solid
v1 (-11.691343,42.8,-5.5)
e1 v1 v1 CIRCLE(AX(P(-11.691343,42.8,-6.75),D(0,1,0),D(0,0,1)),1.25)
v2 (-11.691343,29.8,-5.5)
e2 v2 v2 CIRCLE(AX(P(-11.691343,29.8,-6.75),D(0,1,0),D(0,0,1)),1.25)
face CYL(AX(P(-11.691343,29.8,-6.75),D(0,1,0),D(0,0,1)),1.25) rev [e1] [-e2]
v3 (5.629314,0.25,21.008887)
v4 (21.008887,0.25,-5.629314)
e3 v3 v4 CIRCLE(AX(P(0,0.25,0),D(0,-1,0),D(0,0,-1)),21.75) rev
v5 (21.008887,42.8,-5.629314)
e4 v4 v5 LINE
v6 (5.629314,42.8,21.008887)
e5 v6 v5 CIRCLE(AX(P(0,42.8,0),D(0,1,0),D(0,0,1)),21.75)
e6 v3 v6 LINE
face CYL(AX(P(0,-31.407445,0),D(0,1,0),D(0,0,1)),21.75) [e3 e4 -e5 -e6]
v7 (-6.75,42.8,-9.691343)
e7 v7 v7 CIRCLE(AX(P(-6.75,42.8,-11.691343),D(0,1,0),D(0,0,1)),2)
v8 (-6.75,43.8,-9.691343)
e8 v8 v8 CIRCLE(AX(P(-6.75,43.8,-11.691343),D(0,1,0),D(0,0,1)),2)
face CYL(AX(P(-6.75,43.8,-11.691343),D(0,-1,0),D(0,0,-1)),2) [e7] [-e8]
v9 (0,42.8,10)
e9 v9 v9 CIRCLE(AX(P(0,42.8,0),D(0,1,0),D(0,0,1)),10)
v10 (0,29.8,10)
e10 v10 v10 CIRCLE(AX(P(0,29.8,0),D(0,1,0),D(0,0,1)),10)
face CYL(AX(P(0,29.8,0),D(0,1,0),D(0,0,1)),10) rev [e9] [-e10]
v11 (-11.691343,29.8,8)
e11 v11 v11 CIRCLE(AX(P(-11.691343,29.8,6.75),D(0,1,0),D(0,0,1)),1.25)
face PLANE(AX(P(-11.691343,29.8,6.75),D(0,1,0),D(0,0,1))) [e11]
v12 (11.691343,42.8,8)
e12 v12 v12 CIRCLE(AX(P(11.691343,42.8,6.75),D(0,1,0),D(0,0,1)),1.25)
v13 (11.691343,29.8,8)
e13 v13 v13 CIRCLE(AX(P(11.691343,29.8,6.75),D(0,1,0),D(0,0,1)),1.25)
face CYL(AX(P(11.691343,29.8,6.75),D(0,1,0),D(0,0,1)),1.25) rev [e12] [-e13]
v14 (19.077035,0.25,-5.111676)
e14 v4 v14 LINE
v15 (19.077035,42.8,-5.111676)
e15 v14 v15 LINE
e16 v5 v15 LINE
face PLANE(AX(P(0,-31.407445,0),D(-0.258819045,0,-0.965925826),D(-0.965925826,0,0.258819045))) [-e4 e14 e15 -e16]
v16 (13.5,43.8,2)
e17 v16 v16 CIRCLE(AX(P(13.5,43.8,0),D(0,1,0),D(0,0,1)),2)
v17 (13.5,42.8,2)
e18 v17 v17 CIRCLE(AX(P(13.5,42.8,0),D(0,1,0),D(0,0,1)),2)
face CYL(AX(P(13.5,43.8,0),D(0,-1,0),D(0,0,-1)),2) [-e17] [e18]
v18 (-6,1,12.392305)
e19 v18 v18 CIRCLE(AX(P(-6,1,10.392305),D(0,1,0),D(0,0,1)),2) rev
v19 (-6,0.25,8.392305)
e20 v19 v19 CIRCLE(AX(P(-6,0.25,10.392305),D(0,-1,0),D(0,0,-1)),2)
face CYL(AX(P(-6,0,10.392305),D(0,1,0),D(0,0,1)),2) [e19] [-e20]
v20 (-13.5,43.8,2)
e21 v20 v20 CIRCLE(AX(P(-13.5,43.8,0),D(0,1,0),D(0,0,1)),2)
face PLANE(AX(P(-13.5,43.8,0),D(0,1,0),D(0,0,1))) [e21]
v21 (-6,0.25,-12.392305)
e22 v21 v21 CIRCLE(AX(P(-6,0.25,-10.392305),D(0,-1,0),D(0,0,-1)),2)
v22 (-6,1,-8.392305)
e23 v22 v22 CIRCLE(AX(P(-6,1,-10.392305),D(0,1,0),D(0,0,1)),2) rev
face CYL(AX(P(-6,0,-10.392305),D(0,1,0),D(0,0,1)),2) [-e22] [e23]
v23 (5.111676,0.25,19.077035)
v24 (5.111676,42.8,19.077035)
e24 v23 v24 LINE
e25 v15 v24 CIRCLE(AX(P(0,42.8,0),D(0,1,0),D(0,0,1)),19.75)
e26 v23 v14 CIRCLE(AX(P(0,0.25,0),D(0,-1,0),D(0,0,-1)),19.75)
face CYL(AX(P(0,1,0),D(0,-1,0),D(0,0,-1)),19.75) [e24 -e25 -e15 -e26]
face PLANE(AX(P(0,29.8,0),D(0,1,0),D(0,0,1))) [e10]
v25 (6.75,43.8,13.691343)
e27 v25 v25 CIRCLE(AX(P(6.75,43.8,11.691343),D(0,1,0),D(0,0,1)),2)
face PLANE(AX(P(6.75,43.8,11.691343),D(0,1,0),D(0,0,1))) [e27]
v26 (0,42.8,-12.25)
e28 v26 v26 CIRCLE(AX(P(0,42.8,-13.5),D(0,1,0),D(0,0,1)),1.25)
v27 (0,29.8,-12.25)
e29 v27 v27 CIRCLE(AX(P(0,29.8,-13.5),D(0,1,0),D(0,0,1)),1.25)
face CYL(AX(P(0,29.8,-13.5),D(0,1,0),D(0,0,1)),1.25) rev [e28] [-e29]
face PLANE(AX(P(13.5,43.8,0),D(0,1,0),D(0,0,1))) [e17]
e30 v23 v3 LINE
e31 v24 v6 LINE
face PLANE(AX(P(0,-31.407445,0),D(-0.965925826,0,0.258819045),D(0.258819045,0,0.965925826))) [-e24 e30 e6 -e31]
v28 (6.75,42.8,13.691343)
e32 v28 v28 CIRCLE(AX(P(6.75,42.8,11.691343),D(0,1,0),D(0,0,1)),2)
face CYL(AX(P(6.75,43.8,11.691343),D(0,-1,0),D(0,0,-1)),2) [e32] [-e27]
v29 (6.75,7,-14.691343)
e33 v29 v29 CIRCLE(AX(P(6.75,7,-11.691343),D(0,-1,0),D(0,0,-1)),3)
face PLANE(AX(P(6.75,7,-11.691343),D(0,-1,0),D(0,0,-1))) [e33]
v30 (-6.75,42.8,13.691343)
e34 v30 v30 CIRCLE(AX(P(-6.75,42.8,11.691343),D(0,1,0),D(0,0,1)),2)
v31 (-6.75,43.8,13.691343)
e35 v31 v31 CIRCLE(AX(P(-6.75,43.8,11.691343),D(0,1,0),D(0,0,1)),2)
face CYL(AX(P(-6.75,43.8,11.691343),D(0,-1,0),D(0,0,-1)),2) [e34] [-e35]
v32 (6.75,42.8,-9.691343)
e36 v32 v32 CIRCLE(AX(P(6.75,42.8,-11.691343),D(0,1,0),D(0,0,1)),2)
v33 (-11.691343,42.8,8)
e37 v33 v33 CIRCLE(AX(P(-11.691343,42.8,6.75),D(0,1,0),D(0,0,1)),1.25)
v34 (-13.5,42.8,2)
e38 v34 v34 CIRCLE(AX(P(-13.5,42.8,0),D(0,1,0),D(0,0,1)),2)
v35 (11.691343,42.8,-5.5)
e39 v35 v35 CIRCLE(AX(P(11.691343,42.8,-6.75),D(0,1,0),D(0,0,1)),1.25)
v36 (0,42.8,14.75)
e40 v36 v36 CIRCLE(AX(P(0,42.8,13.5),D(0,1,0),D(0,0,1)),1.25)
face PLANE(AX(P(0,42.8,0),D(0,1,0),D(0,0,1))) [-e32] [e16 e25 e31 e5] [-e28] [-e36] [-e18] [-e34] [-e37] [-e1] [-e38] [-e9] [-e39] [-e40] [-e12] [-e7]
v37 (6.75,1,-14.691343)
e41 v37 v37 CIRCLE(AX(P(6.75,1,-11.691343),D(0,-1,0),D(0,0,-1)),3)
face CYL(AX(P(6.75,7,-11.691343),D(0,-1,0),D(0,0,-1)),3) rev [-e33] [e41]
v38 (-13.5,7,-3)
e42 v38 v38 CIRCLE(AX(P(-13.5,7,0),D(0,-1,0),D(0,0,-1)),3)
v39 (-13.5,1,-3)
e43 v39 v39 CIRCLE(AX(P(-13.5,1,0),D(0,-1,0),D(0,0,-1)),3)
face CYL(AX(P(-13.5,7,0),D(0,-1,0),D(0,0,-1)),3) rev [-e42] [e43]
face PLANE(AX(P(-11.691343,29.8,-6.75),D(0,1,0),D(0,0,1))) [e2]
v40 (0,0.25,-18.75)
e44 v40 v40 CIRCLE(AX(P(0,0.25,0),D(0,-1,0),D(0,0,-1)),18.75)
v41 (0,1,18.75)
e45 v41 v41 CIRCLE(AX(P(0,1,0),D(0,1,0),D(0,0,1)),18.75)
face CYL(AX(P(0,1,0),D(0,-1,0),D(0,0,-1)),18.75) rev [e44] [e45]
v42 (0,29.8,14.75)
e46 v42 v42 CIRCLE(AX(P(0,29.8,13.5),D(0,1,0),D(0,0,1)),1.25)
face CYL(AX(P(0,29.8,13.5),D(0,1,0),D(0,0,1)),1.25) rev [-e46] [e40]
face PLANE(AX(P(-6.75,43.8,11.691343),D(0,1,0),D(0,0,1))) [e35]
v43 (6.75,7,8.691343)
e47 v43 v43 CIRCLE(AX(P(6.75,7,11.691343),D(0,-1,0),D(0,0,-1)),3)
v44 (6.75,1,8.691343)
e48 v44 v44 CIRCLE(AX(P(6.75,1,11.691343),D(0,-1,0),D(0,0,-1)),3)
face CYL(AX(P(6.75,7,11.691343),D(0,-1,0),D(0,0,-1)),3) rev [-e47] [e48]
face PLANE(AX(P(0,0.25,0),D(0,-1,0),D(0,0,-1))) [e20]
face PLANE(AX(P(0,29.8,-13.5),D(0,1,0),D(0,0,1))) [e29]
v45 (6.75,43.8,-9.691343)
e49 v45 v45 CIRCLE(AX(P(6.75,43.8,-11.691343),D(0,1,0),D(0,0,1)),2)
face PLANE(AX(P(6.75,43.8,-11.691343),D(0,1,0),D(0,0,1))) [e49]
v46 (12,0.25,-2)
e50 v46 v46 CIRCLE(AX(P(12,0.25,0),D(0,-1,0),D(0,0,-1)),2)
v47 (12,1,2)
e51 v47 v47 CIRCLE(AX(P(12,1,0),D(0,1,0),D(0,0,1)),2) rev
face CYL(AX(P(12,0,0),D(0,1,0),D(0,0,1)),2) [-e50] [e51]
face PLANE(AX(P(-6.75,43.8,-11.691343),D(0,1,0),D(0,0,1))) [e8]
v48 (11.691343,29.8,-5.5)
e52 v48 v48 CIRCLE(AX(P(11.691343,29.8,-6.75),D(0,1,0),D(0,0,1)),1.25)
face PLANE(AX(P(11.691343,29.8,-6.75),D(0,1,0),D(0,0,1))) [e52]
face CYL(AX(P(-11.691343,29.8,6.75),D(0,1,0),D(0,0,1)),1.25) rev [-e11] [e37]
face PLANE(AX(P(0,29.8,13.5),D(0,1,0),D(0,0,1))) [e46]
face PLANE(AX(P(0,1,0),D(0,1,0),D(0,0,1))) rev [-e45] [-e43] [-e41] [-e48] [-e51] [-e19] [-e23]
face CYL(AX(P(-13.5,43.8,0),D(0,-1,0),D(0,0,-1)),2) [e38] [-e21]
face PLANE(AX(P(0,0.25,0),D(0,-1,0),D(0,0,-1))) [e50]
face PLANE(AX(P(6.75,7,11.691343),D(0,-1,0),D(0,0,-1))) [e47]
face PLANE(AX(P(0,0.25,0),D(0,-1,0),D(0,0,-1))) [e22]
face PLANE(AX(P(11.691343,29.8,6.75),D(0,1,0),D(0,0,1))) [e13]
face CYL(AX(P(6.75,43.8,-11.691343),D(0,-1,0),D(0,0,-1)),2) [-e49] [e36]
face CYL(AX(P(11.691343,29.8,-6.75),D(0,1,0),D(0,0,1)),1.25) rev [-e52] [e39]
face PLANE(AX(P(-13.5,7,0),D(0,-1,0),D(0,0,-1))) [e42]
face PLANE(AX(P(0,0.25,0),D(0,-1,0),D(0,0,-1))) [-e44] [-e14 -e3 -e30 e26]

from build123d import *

# Parameters (mm, degrees)
SKETCH_1_R          = 19.75
SKETCH_1_R_2        = 18.75
EXTRUDE_1_DEPTH     = 1
SKETCH_2_R          = 19.75
EXTRUDE_2_DEPTH     = 41.8
SKETCH_3_R          = 10
SKETCH_3_R_2        = 1.25
CUT_EXTRUDE_1_DEPTH = 13
SKETCH_4_R          = 2
EXTRUDE_3_DEPTH     = 1
SKETCH_5_R          = 2
EXTRUDE_4_DEPTH     = 1
SKETCH_6_R          = 3
CUT_EXTRUDE_2_DEPTH = 6
EXTRUDE_START       = -42.8
EXTRUDE_5_DEPTH     = 42.8
SKETCH_9_R          = 25
CUT_EXTRUDE_4_DEPTH = 0.25


with BuildPart() as part:
    # 草图1 → 凸台-拉伸1 (new body)
    with BuildSketch(Plane(origin=(0, 0, 0), x_dir=(1, 0, 0), z_dir=(0, 1, 0))):
        with Locations(Location((0, 0, 0), (0, 0, 270))):
            Circle(SKETCH_1_R)
        with Locations(Location((0, 0, 0), (0, 0, 270))):
            Circle(SKETCH_1_R_2, mode=Mode.SUBTRACT)
    extrude(amount=EXTRUDE_1_DEPTH)

    # 草图2 → 凸台-拉伸2 (add)
    with BuildSketch(Plane(origin=(0, 1, 0), x_dir=(1, 0, 0), z_dir=(0, 1, 0))):
        with Locations(Location((0, 0, 0), (0, 0, 270))):
            Circle(SKETCH_2_R)
    extrude(amount=EXTRUDE_2_DEPTH)

    # 草图3 → 切除-拉伸1 (cut)
    with BuildSketch(Plane(origin=(0, 42.8, 0), x_dir=(1, 0, 0), z_dir=(0, 1, 0))):
        with Locations(Location((0, 0, 0), (0, 0, 270))):
            Circle(SKETCH_3_R)
        with Locations(Location((0, 13.5, 0), (0, 0, 270))):
            Circle(SKETCH_3_R_2)
        with Locations(Location((11.691342951, 6.75, 0), (0, 0, 270))):
            Circle(SKETCH_3_R_2)
        with Locations(Location((11.691342951, -6.75, 0), (0, 0, 270))):
            Circle(SKETCH_3_R_2)
        with Locations(Location((0, -13.5, 0), (0, 0, 270))):
            Circle(SKETCH_3_R_2)
        with Locations(Location((-11.691342951, -6.75, 0), (0, 0, 270))):
            Circle(SKETCH_3_R_2)
        with Locations(Location((-11.691342951, 6.75, 0), (0, 0, 270))):
            Circle(SKETCH_3_R_2)
    extrude(amount=-CUT_EXTRUDE_1_DEPTH, mode=Mode.SUBTRACT)

    # 草图4 → 凸台-拉伸3 (add)
    with BuildSketch(Plane.XZ.offset(-1)):
        with Locations(Location((12, 0, 0), (0, 0, 90))):
            Circle(SKETCH_4_R)
        with Locations(Location((-6, -10.392304845, 0), (0, 0, 90))):
            Circle(SKETCH_4_R)
        with Locations(Location((-6, 10.392304845, 0), (0, 0, 90))):
            Circle(SKETCH_4_R)
    extrude(amount=EXTRUDE_3_DEPTH)

    # 草图5 → 凸台-拉伸4 (add)
    with BuildSketch(Plane(origin=(0, 42.8, 0), x_dir=(1, 0, 0), z_dir=(0, 1, 0))):
        with Locations(Location((13.5, 0, 0), (0, 0, 270))):
            Circle(SKETCH_5_R)
        with Locations(Location((6.75, -11.691342951, 0), (0, 0, 270))):
            Circle(SKETCH_5_R)
        with Locations(Location((-6.75, -11.691342951, 0), (0, 0, 270))):
            Circle(SKETCH_5_R)
        with Locations(Location((-13.5, 0, 0), (0, 0, 270))):
            Circle(SKETCH_5_R)
        with Locations(Location((-6.75, 11.691342951, 0), (0, 0, 270))):
            Circle(SKETCH_5_R)
        with Locations(Location((6.75, 11.691342951, 0), (0, 0, 270))):
            Circle(SKETCH_5_R)
    extrude(amount=EXTRUDE_4_DEPTH)

    # 草图6 → 切除-拉伸2 (cut)
    with BuildSketch(Plane.XZ.offset(-1)):
        with Locations(Location((-13.5, 0, 0), (0, 0, 270))):
            Circle(SKETCH_6_R)
        with Locations(Location((6.75, 11.691342951, 0), (0, 0, 270))):
            Circle(SKETCH_6_R)
        with Locations(Location((6.75, -11.691342951, 0), (0, 0, 270))):
            Circle(SKETCH_6_R)
    extrude(amount=-CUT_EXTRUDE_2_DEPTH, mode=Mode.SUBTRACT)

    # 草图7 → 凸台-拉伸5 (add)
    with BuildSketch(Plane(origin=(0, 42.8, 0), x_dir=(1, 0, 0), z_dir=(0, 1, 0)).offset(EXTRUDE_START)):
        with BuildLine():
            ThreePointArc((21.75, 0), (21.563925735, 2.838944681), (21.008886722, 5.629314231))
            Line((21.008886722, 5.629314231), (19.077035069, 5.111676141))
            ThreePointArc((19.077035069, 5.111676141), (19.581036012, 2.577892296), (19.75, 0))
            ThreePointArc((19.75, 0), (15.668728471, -12.023038223), (5.111676141, -19.077035069))
            Line((5.111676141, -19.077035069), (5.629314231, -21.008886722))
            ThreePointArc((5.629314231, -21.008886722), (17.255435151, -13.240561081), (21.75, 0))
        make_face()
    extrude(amount=EXTRUDE_5_DEPTH)

    # 草图9 → 切除-拉伸4 (cut)
    with BuildSketch(Plane.XZ):
        Circle(SKETCH_9_R)
    extrude(amount=-CUT_EXTRUDE_4_DEPTH, mode=Mode.SUBTRACT)


solid = part.part
